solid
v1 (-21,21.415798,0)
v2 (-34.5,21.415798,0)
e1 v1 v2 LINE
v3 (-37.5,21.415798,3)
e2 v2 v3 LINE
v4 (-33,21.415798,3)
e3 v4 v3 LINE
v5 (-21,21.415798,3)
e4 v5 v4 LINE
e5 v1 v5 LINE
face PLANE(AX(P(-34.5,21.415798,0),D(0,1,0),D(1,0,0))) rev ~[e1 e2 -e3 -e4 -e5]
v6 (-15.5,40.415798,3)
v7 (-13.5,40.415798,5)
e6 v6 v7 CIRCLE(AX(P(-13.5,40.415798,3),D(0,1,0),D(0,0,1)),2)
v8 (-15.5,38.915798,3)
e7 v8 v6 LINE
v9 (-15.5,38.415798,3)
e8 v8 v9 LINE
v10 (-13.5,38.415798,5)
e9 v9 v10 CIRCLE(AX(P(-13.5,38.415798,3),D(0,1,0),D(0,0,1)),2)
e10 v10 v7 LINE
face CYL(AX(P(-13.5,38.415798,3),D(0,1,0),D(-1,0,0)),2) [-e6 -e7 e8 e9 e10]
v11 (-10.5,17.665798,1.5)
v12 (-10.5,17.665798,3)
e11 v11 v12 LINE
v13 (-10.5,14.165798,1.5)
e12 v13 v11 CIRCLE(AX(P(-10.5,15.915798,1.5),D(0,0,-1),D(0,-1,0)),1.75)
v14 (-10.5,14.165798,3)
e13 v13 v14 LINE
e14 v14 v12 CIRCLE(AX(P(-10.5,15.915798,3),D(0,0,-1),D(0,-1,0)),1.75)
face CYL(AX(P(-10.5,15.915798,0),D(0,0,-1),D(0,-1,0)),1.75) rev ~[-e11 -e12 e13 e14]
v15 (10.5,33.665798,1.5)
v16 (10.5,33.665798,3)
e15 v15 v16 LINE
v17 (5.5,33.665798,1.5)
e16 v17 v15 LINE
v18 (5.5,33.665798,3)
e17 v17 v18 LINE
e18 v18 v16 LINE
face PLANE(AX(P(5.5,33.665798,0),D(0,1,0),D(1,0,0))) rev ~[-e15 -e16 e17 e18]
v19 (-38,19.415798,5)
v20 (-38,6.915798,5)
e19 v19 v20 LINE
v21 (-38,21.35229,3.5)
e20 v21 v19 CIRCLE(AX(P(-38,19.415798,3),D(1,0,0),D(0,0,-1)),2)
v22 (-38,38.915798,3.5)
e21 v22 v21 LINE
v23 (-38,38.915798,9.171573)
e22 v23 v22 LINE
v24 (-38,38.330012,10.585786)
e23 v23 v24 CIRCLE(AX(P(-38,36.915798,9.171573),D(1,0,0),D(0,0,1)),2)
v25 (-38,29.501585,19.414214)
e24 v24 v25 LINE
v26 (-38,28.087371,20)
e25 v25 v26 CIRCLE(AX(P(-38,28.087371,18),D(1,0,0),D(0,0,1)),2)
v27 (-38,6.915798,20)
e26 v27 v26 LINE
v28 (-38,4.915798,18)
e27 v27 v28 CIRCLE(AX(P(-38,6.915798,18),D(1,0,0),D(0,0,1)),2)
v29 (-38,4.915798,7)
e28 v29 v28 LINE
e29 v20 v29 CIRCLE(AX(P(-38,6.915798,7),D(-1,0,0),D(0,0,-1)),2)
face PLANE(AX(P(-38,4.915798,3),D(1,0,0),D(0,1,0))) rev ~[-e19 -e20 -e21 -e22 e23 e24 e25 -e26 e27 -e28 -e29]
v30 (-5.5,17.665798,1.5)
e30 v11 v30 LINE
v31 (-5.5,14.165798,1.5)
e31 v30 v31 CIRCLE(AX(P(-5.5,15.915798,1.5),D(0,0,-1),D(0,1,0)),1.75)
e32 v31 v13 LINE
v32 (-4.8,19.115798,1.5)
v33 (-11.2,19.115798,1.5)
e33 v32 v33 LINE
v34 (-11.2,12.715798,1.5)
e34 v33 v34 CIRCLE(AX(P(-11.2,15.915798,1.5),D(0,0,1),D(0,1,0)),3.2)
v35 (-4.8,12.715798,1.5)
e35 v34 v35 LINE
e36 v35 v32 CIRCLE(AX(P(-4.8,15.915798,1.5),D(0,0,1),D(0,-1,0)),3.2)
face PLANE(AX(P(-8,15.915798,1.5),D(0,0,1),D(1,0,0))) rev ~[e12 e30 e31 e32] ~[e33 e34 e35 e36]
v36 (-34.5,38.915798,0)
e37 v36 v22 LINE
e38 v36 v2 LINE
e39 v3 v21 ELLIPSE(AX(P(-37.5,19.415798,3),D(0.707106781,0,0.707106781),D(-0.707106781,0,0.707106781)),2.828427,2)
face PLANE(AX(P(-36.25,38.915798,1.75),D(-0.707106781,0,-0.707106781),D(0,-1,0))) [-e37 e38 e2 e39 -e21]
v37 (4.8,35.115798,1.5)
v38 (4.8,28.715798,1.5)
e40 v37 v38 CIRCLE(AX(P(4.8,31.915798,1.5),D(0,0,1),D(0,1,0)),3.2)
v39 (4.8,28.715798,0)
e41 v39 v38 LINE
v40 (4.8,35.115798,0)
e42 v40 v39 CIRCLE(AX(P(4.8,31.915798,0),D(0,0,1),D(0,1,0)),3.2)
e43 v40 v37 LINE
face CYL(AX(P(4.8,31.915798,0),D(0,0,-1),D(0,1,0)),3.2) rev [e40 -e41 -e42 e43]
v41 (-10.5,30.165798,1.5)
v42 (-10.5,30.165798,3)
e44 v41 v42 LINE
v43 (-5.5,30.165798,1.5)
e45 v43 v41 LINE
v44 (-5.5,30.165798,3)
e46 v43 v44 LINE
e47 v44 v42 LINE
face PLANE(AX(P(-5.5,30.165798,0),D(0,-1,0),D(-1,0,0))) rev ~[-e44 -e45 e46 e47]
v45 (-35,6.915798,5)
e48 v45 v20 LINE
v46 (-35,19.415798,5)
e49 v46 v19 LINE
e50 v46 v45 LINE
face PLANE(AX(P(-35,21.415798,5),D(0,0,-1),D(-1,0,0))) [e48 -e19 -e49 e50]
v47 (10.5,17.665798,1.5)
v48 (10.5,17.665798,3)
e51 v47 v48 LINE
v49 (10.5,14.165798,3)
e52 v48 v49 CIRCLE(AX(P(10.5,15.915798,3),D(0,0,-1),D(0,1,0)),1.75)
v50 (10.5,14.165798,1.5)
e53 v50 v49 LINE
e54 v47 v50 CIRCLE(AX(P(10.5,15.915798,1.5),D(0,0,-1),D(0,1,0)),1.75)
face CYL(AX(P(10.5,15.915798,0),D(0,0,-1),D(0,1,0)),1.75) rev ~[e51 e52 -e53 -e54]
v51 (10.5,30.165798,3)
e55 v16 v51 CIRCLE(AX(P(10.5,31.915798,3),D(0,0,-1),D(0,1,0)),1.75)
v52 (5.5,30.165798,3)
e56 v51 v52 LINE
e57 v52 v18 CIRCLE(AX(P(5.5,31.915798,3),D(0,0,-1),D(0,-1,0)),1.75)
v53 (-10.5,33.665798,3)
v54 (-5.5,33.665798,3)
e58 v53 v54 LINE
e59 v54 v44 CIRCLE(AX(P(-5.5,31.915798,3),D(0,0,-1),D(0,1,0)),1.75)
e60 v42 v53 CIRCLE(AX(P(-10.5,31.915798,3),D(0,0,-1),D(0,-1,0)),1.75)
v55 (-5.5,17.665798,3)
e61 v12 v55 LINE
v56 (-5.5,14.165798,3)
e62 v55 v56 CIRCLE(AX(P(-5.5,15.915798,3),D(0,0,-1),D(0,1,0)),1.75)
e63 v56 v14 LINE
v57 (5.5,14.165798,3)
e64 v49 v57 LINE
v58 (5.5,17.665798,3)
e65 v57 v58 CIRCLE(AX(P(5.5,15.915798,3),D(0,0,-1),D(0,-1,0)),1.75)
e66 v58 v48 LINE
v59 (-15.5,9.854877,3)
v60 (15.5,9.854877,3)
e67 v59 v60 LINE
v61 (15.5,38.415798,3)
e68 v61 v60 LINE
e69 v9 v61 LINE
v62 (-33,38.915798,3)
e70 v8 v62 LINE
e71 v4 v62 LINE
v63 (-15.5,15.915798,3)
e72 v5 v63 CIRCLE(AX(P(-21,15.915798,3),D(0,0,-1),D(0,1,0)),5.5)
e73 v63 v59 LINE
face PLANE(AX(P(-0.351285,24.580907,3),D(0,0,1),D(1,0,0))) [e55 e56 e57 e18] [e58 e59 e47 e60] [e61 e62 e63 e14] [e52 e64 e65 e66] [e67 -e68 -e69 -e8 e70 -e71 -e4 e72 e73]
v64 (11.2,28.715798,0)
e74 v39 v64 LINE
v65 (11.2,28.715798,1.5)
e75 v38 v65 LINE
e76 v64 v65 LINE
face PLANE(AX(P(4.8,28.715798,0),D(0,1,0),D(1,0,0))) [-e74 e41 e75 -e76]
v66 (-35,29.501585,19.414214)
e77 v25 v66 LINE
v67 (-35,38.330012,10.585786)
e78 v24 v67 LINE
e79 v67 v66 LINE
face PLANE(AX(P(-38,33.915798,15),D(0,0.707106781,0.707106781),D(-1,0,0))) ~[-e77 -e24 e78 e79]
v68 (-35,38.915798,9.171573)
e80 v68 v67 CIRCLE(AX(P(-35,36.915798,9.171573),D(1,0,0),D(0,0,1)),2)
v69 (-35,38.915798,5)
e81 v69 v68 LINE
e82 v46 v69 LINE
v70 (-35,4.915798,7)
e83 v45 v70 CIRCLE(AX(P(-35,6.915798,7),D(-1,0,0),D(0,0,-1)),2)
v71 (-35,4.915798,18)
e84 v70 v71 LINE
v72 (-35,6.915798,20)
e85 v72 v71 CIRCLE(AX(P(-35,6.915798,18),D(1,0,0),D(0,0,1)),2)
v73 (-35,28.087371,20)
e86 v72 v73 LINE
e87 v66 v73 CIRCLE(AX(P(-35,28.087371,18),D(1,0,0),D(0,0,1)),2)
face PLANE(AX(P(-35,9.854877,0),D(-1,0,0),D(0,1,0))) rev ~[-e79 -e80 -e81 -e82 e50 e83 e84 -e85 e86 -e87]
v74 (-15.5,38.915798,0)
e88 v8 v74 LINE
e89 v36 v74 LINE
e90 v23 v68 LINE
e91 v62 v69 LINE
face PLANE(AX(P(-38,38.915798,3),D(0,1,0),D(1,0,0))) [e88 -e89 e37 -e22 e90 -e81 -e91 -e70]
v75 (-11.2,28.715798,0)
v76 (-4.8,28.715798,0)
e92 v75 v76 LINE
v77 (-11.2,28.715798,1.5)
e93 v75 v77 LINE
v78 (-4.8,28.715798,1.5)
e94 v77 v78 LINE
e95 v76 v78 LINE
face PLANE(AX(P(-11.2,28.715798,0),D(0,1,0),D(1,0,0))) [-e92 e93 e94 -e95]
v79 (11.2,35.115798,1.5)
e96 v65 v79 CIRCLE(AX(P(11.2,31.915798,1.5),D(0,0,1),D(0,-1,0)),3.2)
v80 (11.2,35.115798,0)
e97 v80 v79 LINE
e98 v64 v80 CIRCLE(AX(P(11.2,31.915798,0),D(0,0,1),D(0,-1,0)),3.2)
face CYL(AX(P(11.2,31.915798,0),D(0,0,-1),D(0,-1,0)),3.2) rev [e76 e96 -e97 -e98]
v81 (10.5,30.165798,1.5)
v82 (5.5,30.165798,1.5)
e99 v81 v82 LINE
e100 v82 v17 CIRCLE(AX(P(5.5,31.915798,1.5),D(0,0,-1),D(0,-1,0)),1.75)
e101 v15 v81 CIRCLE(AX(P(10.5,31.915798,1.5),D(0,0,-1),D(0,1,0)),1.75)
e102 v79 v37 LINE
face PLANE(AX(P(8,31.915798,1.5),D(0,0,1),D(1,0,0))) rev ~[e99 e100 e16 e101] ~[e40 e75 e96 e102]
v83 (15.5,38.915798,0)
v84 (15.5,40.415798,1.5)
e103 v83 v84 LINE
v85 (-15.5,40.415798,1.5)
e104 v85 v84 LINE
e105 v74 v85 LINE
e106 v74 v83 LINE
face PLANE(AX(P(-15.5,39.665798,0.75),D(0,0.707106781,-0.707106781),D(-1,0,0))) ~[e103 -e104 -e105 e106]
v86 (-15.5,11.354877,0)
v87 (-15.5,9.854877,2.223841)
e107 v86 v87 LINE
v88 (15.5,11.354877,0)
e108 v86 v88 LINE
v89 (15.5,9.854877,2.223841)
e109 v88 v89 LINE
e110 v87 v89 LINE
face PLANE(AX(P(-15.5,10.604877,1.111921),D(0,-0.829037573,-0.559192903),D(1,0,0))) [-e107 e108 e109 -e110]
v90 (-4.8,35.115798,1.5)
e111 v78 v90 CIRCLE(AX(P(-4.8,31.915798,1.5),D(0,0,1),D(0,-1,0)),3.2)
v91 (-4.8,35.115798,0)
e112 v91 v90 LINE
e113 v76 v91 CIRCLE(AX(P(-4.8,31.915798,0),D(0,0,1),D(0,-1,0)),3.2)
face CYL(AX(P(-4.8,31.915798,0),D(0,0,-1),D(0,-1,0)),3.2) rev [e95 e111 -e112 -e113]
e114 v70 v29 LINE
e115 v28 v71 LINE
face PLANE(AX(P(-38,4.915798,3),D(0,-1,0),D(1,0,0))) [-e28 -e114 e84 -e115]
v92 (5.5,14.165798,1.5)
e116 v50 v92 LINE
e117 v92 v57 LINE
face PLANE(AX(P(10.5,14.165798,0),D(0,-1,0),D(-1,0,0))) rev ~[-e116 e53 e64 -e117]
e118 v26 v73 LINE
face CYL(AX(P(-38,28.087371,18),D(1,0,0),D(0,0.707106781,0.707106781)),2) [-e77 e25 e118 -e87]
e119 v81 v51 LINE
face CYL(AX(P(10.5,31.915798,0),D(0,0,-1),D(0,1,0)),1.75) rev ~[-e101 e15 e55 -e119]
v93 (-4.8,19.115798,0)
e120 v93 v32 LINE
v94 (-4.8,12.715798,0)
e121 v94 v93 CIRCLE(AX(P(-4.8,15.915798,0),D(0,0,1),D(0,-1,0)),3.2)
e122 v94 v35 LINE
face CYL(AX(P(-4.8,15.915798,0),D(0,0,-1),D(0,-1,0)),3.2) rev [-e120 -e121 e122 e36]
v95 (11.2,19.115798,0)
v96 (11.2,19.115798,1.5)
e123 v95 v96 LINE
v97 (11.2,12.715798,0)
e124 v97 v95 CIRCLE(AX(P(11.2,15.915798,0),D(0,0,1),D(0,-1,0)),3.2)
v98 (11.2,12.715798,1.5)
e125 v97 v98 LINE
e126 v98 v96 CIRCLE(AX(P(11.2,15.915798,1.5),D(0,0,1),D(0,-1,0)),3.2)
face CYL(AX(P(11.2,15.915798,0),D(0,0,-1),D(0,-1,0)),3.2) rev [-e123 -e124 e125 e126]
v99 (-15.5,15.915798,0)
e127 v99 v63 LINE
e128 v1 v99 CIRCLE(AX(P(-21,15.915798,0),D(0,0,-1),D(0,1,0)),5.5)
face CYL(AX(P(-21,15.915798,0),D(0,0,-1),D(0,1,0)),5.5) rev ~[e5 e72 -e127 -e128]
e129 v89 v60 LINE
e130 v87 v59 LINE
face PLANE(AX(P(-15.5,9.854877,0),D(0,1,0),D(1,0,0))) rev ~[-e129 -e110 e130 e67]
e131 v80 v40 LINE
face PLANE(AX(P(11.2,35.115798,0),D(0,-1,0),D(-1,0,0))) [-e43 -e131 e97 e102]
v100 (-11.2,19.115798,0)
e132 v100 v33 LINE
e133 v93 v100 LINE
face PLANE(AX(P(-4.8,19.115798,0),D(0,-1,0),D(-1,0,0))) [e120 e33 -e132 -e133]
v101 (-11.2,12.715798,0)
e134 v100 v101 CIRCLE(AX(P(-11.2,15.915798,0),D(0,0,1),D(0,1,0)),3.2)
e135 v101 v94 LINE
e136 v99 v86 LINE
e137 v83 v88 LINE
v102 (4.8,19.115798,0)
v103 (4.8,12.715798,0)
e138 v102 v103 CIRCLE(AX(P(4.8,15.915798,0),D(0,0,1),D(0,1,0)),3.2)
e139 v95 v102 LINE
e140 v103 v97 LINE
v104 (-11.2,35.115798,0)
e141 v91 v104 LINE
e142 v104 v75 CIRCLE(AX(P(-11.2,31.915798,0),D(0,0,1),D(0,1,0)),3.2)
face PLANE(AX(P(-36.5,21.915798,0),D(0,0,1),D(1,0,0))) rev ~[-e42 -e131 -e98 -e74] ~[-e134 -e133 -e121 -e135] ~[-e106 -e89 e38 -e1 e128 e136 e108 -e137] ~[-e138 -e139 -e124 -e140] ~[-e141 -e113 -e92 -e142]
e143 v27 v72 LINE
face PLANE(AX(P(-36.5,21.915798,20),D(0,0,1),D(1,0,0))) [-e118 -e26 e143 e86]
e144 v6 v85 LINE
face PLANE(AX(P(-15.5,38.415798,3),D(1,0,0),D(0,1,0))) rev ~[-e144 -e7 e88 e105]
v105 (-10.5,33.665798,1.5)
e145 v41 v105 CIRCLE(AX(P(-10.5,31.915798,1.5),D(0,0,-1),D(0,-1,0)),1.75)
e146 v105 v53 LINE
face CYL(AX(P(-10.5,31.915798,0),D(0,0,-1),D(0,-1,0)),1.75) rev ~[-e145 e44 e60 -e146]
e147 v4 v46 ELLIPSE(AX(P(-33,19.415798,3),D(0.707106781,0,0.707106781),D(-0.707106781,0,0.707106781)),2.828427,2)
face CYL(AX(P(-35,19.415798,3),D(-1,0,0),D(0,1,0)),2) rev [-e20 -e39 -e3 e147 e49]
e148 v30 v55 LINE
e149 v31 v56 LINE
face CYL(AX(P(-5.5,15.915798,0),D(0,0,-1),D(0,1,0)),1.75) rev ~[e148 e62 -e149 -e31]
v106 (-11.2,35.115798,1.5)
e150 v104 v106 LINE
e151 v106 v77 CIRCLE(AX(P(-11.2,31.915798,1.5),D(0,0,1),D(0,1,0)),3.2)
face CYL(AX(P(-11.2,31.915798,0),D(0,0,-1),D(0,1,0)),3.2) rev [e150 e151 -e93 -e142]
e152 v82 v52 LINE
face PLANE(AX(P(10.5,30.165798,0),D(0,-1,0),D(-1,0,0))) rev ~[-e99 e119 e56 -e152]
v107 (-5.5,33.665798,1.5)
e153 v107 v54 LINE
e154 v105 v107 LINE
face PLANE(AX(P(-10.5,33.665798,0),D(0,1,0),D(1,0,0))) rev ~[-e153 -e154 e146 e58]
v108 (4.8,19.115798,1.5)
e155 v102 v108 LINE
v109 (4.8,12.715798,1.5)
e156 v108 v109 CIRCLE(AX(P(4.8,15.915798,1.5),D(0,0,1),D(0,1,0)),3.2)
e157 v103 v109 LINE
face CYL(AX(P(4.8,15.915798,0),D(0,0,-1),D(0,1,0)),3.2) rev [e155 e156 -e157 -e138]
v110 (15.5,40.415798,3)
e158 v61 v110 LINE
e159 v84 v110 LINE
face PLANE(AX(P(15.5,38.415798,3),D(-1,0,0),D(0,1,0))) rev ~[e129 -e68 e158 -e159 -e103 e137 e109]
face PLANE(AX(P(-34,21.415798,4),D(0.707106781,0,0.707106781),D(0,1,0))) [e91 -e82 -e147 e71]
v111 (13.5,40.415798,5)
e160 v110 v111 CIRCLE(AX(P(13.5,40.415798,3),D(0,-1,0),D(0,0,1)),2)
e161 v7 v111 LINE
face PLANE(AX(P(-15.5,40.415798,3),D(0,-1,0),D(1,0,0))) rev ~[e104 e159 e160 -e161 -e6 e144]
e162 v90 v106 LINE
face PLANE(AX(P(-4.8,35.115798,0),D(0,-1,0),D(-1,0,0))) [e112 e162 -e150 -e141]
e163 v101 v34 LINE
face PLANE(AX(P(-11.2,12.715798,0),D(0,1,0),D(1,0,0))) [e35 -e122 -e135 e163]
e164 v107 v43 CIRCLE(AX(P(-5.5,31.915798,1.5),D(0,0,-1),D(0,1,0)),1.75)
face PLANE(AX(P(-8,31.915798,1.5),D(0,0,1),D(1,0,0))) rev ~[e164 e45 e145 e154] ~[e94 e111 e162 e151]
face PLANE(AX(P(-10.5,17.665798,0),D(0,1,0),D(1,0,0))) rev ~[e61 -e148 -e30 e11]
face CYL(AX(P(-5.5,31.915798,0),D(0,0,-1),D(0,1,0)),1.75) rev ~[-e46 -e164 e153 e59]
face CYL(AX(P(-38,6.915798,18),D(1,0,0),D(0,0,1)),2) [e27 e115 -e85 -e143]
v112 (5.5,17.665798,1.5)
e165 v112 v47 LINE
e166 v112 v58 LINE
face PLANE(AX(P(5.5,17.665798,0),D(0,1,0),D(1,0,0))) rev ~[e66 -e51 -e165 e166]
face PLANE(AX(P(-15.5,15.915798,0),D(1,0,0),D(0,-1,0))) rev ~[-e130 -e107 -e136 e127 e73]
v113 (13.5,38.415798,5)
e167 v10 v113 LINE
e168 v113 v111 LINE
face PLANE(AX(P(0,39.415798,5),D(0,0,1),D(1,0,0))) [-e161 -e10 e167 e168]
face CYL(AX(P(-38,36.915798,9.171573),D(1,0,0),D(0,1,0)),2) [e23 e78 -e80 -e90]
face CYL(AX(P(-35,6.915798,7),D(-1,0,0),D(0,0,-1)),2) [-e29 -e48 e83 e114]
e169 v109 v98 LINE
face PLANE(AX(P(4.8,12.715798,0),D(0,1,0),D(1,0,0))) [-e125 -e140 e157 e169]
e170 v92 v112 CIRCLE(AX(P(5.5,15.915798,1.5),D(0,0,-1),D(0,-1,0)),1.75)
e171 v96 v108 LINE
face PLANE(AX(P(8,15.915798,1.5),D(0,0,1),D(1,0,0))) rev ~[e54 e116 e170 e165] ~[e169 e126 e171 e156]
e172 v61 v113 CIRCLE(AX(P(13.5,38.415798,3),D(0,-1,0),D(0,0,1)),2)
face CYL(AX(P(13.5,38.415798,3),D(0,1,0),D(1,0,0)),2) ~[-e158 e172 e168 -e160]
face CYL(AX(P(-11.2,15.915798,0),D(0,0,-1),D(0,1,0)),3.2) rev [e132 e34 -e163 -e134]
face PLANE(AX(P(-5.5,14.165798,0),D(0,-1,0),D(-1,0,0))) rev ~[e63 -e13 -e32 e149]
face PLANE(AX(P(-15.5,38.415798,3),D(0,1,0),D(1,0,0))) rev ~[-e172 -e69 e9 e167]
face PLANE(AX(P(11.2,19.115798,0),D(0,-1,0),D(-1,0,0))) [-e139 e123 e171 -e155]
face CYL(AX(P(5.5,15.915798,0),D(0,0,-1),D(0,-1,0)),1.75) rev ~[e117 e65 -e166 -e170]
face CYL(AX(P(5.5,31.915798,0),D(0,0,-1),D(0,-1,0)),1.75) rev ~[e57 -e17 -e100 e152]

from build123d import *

# Parameters (mm, degrees)
BOSS_EXTRUDE1_DEPTH      = 3
SKETCH2_W                = 3
SKETCH2_H                = 34
BOSS_EXTRUDE2_DEPTH      = 17
BOSS_EXTRUDE2_DEPTH_BACK = 3
SKETCH3_W                = 22.5
SKETCH3_H                = 29.060921084
CUT_EXTRUDE1_DEPTH       = 18
CUT_EXTRUDE2_DEPTH       = 1.5
CHAMFER1_SIZE            = 10
CHAMFER2_SIZE            = 1.5
CHAMFER2_SIZE2           = 2.223841453
SKETCH7_W                = 31
SKETCH7_H                = 2
BOSS_EXTRUDE3_DEPTH      = 2
BOSS_EXTRUDE3_DEPTH_BACK = 3
SKETCH9_W                = 0.5
SKETCH9_H                = 11.560921084
CUT_EXTRUDE4_DEPTH       = 10
CHAMFER3_SIZE            = 1.5
CUT_EXTRUDE6_START       = -16.5
SKETCH11_W               = 3
SKETCH11_H               = 5
CUT_EXTRUDE6_DEPTH       = 16.5
CHAMFER9_SIZE            = 2
CHAMFER10_SIZE           = 3.5
FILLET2_R                = 2


with BuildPart() as part:
    # Sketch1 → Boss-Extrude1 (new body)
    with BuildSketch(Plane.XY):
        with BuildLine():
            Line((38, 38.915798387), (-38, 38.915798387))
            Line((-38, 38.915798387), (-38, 9.854877303))
            Line((-38, 9.854877303), (-34.5, 9.854877303))
            Line((-34.5, 9.854877303), (-34.5, 15.915798387))
            Line((-34.5, 15.915798387), (-34.5, 21.415798387))
            Line((-34.5, 21.415798387), (-29, 21.415798387))
            Line((-29, 21.415798387), (-21, 21.415798387))
            ThreePointArc((-21, 21.415798387), (-17.110912703, 19.804885683), (-15.5, 15.915798387))
            Line((-15.5, 15.915798387), (-15.5, 9.854877303))
            Line((-15.5, 9.854877303), (15.5, 9.854877303))
            Line((15.5, 9.854877303), (15.5, 15.915798387))
            ThreePointArc((15.5, 15.915798387), (17.110912703, 19.804885683), (21, 21.415798387))
            Line((21, 21.415798387), (29, 21.415798387))
            ThreePointArc((29, 21.415798387), (32.889087297, 19.804885683), (34.5, 15.915798387))
            Line((34.5, 15.915798387), (34.5, 9.854877303))
            Line((34.5, 9.854877303), (38, 9.854877303))
            Line((38, 9.854877303), (38, 38.915798387))
        make_face()
        with BuildLine():
            Line((-10.5, 33.665798387), (-5.5, 33.665798387))
            ThreePointArc((-5.5, 33.665798387), (-3.75, 31.915798387), (-5.5, 30.165798387))
            Line((-5.5, 30.165798387), (-10.5, 30.165798387))
            ThreePointArc((-10.5, 30.165798387), (-12.25, 31.915798387), (-10.5, 33.665798387))
        make_face(mode=Mode.SUBTRACT)
        with BuildLine():
            Line((5.5, 33.665798387), (10.5, 33.665798387))
            ThreePointArc((10.5, 33.665798387), (12.25, 31.915798387), (10.5, 30.165798387))
            Line((10.5, 30.165798387), (5.5, 30.165798387))
            ThreePointArc((5.5, 30.165798387), (3.75, 31.915798387), (5.5, 33.665798387))
        make_face(mode=Mode.SUBTRACT)
        with BuildLine():
            Line((5.5, 17.665798387), (10.5, 17.665798387))
            ThreePointArc((10.5, 17.665798387), (12.25, 15.915798387), (10.5, 14.165798387))
            Line((10.5, 14.165798387), (5.5, 14.165798387))
            ThreePointArc((5.5, 14.165798387), (3.75, 15.915798387), (5.5, 17.665798387))
        make_face(mode=Mode.SUBTRACT)
        with BuildLine():
            Line((-10.5, 17.665798387), (-5.5, 17.665798387))
            ThreePointArc((-5.5, 17.665798387), (-3.75, 15.915798387), (-5.5, 14.165798387))
            Line((-5.5, 14.165798387), (-10.5, 14.165798387))
            ThreePointArc((-10.5, 14.165798387), (-12.25, 15.915798387), (-10.5, 17.665798387))
        make_face(mode=Mode.SUBTRACT)
    extrude(amount=BOSS_EXTRUDE1_DEPTH)

    # Sketch2 → Boss-Extrude2 (add, two sides)
    with BuildSketch(Plane.XY.offset(3)) as boss_extrude2_sk:
        with Locations((-36.5, 21.915798387)):
            Rectangle(SKETCH2_W, SKETCH2_H)
    extrude(amount=BOSS_EXTRUDE2_DEPTH)
    extrude(boss_extrude2_sk.sketch, amount=-BOSS_EXTRUDE2_DEPTH_BACK)

    # Sketch3 → Cut-Extrude1 (cut)
    with BuildSketch(Plane.XY.offset(3)):
        with Locations((26.75, 24.385337845)):
            Rectangle(SKETCH3_W, SKETCH3_H)
    extrude(amount=-CUT_EXTRUDE1_DEPTH, mode=Mode.SUBTRACT)

    # Sketch4 → Cut-Extrude2 (cut)
    with BuildSketch(Plane(origin=(0, 0, 0), x_dir=(-1, 0, 0), z_dir=(0, 0, -1))):
        with BuildLine():
            Line((4.8, 35.115798387), (11.2, 35.115798387))
            ThreePointArc((11.2, 35.115798387), (14.4, 31.915798387), (11.2, 28.715798387))
            Line((11.2, 28.715798387), (4.8, 28.715798387))
            ThreePointArc((4.8, 28.715798387), (1.6, 31.915798387), (4.8, 35.115798387))
        make_face()
        with BuildLine():
            Line((-11.2, 35.115798387), (-4.8, 35.115798387))
            ThreePointArc((-4.8, 35.115798387), (-1.6, 31.915798387), (-4.8, 28.715798387))
            Line((-4.8, 28.715798387), (-11.2, 28.715798387))
            ThreePointArc((-11.2, 28.715798387), (-14.4, 31.915798387), (-11.2, 35.115798387))
        make_face()
        with BuildLine():
            Line((4.8, 19.115798387), (11.2, 19.115798387))
            ThreePointArc((11.2, 19.115798387), (14.4, 15.915798387), (11.2, 12.715798387))
            Line((11.2, 12.715798387), (4.8, 12.715798387))
            ThreePointArc((4.8, 12.715798387), (1.6, 15.915798387), (4.8, 19.115798387))
        make_face()
        with BuildLine():
            Line((-11.2, 19.115798387), (-4.8, 19.115798387))
            ThreePointArc((-4.8, 19.115798387), (-1.6, 15.915798387), (-4.8, 12.715798387))
            Line((-4.8, 12.715798387), (-11.2, 12.715798387))
            ThreePointArc((-11.2, 12.715798387), (-14.4, 15.915798387), (-11.2, 19.115798387))
        make_face()
    extrude(amount=-CUT_EXTRUDE2_DEPTH, mode=Mode.SUBTRACT)

    # Chamfer1
    chamfer1_edges = [part.edges().sort_by_distance(p)[0] for p in [
        (-36.5, 38.915798387, 20),
    ]]
    chamfer(chamfer1_edges, length=CHAMFER1_SIZE)

    # Chamfer2
    chamfer2_edges = [part.edges().sort_by_distance(p)[0] for p in [
        (0, 9.854877303, 0),
    ]]
    chamfer2_side = [part.faces().sort_by_distance(p)[0] for p in [
        (-11.889403283, 26.058636035, 0),
    ]]
    chamfer(chamfer2_edges, length=CHAMFER2_SIZE, length2=CHAMFER2_SIZE2, reference=chamfer2_side[0])

    # Sketch7 → Boss-Extrude3 (add, two sides)
    with BuildSketch(Plane.XY.offset(3)) as boss_extrude3_sk:
        with Locations((0, 39.415798387)):
            Rectangle(SKETCH7_W, SKETCH7_H)
    extrude(amount=BOSS_EXTRUDE3_DEPTH)
    extrude(boss_extrude3_sk.sketch, amount=-BOSS_EXTRUDE3_DEPTH_BACK)

    # Sketch9 → Cut-Extrude4 (cut)
    with BuildSketch(Plane(origin=(0, 0, 0), x_dir=(-1, 0, 0), z_dir=(0, 0, -1))):
        with Locations((34.75, 15.635337845)):
            Rectangle(SKETCH9_W, SKETCH9_H)
    extrude(amount=-CUT_EXTRUDE4_DEPTH, mode=Mode.SUBTRACT)

    # Chamfer3
    chamfer3_edges = [part.edges().sort_by_distance(p)[0] for p in [
        (0, 40.415798387, 0),
    ]]
    chamfer(chamfer3_edges, length=CHAMFER3_SIZE)

    # Sketch11 → Cut-Extrude6 (cut)
    with BuildSketch(Plane(origin=(0, 4.915798387, 0), x_dir=(-1, 0, 0), z_dir=(0, -1, 0)).offset(CUT_EXTRUDE6_START)):
        with Locations((36.5, -2.5)):
            Rectangle(SKETCH11_W, SKETCH11_H)
    extrude(amount=CUT_EXTRUDE6_DEPTH, mode=Mode.SUBTRACT)

    # Chamfer9
    chamfer9_edges = [part.edges().sort_by_distance(p)[0] for p in [
        (-35, 30.165798387, 3),
    ]]
    chamfer(chamfer9_edges, length=CHAMFER9_SIZE)

    # Chamfer10
    chamfer10_edges = [part.edges().sort_by_distance(p)[0] for p in [
        (-38, 30.165798387, 0),
    ]]
    chamfer(chamfer10_edges, length=CHAMFER10_SIZE)

    # Fillet2
    fillet2_edges = [part.edges().sort_by_distance(p)[0] for p in [
        (-36.5, 21.415798387, 5),
        (-36.5, 38.915798387, 10),
        (-36.5, 28.915798387, 20),
        (-36.5, 4.915798387, 20),
        (-36.5, 4.915798387, 5),
        (-15.5, 39.415798387, 5),
        (15.5, 39.415798387, 5),
    ]]
    fillet(fillet2_edges, radius=FILLET2_R)


solid = part.part
